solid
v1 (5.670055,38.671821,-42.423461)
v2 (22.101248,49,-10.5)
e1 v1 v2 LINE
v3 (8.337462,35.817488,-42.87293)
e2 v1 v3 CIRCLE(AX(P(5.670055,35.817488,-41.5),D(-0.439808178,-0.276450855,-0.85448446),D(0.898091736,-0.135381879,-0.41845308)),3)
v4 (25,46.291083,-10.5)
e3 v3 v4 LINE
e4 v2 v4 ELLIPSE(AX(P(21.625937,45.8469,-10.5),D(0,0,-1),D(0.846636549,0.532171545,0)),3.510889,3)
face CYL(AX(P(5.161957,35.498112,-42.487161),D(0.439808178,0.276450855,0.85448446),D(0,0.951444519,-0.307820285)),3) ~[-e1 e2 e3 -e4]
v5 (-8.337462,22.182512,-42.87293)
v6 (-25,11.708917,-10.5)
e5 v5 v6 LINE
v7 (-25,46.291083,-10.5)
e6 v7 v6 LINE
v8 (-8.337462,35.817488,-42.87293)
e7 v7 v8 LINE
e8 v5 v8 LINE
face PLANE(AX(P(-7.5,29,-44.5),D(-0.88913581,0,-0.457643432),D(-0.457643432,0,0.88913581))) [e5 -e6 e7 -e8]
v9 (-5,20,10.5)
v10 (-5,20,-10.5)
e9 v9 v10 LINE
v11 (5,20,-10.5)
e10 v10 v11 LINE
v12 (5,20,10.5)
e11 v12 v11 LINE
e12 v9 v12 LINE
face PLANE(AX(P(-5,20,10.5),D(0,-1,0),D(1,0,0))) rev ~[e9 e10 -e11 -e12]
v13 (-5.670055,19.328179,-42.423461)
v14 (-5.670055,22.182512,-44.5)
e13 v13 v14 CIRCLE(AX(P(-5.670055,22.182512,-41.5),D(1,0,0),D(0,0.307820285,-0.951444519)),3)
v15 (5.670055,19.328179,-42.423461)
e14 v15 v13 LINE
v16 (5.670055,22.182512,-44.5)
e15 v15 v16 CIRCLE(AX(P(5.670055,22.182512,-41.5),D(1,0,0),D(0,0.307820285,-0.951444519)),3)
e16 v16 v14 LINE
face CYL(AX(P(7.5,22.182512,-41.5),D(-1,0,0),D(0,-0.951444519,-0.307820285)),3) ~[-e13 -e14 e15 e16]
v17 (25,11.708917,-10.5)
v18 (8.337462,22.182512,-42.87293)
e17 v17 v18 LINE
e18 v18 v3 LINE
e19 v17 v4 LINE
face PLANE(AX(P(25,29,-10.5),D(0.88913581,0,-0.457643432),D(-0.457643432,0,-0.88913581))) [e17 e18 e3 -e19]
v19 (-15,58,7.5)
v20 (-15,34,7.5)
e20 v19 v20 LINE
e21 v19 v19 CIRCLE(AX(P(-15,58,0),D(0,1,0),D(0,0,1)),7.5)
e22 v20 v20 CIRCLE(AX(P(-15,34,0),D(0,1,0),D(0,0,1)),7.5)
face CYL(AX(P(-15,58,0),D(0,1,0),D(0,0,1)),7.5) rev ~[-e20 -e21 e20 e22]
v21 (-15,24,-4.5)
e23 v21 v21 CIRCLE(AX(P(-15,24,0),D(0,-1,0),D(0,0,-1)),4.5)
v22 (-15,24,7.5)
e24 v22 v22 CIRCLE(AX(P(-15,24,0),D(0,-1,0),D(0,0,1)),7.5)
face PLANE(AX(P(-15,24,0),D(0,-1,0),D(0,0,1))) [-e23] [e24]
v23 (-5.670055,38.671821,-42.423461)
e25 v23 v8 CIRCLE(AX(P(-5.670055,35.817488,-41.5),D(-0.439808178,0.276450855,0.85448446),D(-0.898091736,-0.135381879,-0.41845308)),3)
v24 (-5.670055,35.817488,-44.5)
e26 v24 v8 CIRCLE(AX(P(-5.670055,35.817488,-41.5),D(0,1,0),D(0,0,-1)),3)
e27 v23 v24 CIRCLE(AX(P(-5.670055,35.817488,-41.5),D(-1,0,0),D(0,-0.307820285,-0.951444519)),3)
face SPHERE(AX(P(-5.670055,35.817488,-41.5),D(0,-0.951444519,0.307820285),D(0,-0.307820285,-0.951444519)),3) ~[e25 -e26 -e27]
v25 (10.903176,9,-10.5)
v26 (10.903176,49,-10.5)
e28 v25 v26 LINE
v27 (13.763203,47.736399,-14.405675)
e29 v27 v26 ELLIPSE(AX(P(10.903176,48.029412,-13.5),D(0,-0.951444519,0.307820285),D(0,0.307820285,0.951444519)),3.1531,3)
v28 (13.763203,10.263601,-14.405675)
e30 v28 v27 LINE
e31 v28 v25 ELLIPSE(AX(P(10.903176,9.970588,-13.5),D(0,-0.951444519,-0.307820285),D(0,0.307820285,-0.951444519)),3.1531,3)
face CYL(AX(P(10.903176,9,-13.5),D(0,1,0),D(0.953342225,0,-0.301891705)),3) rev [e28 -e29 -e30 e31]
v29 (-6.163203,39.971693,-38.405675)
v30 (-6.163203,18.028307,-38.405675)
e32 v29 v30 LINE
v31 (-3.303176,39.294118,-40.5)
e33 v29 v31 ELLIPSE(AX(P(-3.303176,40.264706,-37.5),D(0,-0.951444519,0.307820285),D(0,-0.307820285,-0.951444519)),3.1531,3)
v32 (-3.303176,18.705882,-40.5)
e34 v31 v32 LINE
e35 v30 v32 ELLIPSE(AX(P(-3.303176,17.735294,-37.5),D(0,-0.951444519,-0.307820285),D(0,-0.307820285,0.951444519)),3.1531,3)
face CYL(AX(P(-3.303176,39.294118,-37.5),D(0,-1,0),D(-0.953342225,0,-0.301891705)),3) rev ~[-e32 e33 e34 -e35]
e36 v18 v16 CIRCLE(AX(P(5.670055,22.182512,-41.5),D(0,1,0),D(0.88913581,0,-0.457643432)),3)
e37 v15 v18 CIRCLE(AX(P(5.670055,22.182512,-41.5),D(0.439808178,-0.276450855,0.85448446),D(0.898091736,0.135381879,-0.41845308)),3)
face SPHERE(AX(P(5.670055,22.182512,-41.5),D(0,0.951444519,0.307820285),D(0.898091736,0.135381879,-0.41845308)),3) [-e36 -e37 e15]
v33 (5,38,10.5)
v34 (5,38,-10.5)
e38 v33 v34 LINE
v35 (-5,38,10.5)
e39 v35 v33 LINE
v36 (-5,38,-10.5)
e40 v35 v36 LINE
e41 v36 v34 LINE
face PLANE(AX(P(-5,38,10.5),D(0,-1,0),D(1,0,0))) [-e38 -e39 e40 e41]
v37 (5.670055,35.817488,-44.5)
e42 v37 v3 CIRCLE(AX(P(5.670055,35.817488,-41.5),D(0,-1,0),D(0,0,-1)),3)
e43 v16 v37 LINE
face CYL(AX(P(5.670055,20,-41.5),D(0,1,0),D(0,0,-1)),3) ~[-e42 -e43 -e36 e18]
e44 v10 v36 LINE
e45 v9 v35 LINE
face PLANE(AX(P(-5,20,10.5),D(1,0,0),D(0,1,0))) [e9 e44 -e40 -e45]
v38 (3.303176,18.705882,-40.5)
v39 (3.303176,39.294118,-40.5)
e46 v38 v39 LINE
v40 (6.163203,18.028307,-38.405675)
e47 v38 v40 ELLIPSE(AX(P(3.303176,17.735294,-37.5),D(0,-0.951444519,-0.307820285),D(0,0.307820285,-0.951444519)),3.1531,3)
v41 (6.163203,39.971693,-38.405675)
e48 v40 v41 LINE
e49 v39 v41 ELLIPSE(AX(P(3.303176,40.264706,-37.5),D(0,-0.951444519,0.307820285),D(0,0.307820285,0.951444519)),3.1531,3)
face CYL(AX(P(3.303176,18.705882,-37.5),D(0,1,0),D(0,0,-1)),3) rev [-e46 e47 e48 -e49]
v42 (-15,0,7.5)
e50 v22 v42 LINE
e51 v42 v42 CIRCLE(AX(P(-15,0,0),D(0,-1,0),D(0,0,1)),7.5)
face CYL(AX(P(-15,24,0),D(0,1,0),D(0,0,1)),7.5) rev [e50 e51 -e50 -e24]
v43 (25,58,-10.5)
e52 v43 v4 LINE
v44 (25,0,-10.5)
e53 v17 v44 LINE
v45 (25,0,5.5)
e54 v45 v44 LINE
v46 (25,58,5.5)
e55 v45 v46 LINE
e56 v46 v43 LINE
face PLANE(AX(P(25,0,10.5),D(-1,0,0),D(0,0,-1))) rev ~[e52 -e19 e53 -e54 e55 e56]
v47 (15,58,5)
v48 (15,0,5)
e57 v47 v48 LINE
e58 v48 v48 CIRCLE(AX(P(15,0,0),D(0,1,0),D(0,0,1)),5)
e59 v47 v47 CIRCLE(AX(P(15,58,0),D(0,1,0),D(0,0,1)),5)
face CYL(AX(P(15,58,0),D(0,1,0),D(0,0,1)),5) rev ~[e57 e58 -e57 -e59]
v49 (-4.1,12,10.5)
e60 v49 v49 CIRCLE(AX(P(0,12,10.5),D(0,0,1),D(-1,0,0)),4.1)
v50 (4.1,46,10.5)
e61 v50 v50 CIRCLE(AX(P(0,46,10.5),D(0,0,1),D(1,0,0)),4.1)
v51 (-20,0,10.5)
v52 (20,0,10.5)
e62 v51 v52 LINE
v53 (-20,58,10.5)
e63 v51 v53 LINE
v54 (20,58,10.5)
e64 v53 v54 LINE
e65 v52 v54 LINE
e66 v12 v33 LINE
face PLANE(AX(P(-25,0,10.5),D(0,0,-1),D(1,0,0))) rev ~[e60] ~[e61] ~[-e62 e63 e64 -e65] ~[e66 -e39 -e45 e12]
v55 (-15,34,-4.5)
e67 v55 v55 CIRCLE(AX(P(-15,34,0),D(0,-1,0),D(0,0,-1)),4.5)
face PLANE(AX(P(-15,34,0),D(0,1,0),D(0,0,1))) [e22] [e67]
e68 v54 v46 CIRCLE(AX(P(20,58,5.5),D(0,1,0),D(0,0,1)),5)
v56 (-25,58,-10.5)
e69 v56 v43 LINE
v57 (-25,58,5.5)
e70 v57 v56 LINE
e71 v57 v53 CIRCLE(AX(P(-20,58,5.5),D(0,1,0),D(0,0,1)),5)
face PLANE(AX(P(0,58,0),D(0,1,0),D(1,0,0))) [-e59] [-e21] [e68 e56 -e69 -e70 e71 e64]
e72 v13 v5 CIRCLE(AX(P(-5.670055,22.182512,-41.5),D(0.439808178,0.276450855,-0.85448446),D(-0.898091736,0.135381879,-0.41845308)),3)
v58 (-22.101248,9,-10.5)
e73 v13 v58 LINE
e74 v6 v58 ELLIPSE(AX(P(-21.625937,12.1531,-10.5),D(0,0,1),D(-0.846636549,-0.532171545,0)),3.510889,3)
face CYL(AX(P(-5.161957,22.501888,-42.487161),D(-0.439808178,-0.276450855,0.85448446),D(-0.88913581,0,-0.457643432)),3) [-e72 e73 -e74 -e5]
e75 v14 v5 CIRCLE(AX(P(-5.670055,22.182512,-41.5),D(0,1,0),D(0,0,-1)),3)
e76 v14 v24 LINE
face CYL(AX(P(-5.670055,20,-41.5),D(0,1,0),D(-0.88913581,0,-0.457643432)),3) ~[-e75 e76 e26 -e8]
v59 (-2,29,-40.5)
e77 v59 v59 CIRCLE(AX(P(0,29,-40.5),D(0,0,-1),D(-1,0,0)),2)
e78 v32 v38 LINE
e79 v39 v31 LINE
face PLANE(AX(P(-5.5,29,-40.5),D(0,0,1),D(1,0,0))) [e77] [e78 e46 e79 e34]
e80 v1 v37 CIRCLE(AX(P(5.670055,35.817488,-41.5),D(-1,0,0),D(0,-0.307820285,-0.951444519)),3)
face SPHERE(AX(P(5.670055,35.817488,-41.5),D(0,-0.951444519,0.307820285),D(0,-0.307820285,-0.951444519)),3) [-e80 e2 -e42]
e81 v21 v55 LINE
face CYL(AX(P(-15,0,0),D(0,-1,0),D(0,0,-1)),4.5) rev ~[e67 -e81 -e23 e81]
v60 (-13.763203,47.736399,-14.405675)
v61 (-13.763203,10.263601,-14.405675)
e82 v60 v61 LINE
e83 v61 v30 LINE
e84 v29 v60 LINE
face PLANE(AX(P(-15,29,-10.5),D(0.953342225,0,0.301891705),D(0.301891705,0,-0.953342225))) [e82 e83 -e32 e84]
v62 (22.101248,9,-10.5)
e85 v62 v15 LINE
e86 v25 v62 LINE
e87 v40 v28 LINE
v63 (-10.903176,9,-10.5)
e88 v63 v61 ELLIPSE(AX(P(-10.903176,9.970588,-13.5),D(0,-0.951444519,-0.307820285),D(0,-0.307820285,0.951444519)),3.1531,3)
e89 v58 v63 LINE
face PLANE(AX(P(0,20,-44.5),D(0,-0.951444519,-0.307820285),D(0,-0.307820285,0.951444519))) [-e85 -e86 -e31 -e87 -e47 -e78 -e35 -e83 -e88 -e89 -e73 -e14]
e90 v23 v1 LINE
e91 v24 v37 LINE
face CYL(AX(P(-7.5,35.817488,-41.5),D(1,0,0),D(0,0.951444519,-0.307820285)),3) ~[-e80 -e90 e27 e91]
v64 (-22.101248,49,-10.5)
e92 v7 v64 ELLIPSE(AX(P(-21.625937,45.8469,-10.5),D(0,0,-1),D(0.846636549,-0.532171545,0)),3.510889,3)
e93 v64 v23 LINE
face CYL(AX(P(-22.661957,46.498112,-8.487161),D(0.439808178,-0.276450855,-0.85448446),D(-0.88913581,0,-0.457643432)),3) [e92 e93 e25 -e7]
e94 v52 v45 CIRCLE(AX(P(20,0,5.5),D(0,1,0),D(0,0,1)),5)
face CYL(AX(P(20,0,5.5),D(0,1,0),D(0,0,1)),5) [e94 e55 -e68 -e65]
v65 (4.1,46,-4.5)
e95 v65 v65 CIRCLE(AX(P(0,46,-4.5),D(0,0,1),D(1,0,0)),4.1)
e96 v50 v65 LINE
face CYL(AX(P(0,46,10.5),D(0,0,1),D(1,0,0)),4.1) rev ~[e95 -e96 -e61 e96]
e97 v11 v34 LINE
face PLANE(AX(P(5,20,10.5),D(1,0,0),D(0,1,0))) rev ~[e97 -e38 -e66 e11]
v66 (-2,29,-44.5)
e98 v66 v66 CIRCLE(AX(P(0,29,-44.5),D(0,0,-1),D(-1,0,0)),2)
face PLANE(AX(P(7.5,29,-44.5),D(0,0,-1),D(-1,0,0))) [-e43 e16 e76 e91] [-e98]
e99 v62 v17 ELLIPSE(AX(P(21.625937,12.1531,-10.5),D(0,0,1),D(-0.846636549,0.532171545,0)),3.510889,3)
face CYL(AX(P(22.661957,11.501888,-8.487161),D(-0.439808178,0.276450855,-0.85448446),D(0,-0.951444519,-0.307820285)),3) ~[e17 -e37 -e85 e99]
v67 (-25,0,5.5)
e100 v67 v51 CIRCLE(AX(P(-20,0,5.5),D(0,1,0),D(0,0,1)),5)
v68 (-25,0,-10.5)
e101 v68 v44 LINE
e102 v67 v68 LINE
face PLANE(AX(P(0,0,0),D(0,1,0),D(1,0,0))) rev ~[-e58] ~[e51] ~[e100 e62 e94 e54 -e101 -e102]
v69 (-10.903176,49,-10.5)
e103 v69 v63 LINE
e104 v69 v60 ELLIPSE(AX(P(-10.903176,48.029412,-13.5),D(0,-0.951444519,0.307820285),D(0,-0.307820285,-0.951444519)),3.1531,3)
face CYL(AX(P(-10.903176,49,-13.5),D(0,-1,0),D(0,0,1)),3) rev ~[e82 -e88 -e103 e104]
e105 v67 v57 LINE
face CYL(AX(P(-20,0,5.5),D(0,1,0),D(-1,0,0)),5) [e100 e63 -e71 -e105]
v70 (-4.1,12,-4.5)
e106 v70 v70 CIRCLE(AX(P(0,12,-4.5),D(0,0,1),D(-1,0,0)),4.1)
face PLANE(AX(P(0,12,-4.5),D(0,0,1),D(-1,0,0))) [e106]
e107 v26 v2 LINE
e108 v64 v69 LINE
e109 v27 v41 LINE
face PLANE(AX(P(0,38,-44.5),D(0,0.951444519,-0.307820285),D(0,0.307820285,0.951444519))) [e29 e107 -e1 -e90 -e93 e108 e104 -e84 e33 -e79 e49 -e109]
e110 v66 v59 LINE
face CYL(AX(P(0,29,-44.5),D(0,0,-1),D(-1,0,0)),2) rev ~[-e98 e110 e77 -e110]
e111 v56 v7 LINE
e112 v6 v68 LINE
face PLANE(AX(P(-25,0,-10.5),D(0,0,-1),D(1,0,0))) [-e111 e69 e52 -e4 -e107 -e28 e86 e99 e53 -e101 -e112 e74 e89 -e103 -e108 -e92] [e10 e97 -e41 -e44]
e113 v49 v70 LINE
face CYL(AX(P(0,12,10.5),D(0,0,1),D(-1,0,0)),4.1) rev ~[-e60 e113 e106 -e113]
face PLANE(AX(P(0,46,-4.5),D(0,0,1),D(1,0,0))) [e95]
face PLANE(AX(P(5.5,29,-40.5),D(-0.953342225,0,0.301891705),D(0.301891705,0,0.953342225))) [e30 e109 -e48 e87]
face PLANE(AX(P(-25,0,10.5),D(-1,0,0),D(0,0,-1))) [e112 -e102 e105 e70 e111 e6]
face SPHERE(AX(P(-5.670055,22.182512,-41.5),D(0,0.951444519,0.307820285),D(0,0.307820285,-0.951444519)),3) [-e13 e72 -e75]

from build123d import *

# Parameters (mm, degrees)
SKETCH1_W           = 50
SKETCH1_H           = 21
BOSS_EXTRUDE1_DEPTH = 58
SKETCH3_R           = 7.5
CUT_EXTRUDE1_DEPTH  = 24
CUT_EXTRUDE2_REACH  = 66.025
SKETCH4_R           = 5
CUT_EXTRUDE3_START  = -24
SKETCH5_R           = 7.5
CUT_EXTRUDE3_DEPTH  = 24
CUT_EXTRUDE4_REACH  = 66.025
SKETCH6_R           = 4.5
CUT_EXTRUDE5_REACH  = 68.558
SKETCH8_W           = 10
SKETCH8_H           = 18
BOSS_EXTRUDE3_DEPTH = 20
CUT_EXTRUDE6_DEPTH  = 37.5
CUT_EXTRUDE7_REACH  = 85.75
SKETCH13_R          = 2
SKETCH7_R           = 4.1
CUT_EXTRUDE8_DEPTH  = 15
FILLET1_R           = 5
FILLET2_R           = 3
FILLET3_R           = 3
FILLET4_R           = 3


with BuildPart() as part:
    # Sketch1 → Boss-Extrude1 (new body)
    with BuildSketch(Plane(origin=(0, 0, 0), x_dir=(1, 0, 0), z_dir=(0, 1, 0))):
        Rectangle(SKETCH1_W, SKETCH1_H)
    extrude(amount=BOSS_EXTRUDE1_DEPTH)

    # Sketch3 → Cut-Extrude1 (cut)
    with BuildSketch(Plane(origin=(0, 58, 0), x_dir=(1, 0, 0), z_dir=(0, 1, 0))):
        with Locations(Location((-15, 0, 0), (0, 0, 270))):
            Circle(SKETCH3_R)
    extrude(amount=-CUT_EXTRUDE1_DEPTH, mode=Mode.SUBTRACT)

    # Sketch4 → Cut-Extrude2 (cut, up to next)
    with BuildSketch(Plane(origin=(0, 58, 0), x_dir=(1, 0, 0), z_dir=(0, 1, 0)), mode=Mode.PRIVATE) as cut_extrude2_sk1:
        with Locations(Location((15, 0, 0), (0, 0, 270))):
            Circle(SKETCH4_R)
    cut_extrude2_tool1 = extrude(cut_extrude2_sk1.sketch, amount=-CUT_EXTRUDE2_REACH, mode=Mode.PRIVATE) & part.part
    add(cut_extrude2_tool1.solids().sort_by_distance((15, 58, 0))[0], mode=Mode.SUBTRACT)

    # Sketch5 → Cut-Extrude3 (cut)
    with BuildSketch(Plane.XZ.offset(CUT_EXTRUDE3_START)):
        with Locations(Location((-15, 0, 0), (0, 0, 90))):
            Circle(SKETCH5_R)
    extrude(amount=CUT_EXTRUDE3_DEPTH, mode=Mode.SUBTRACT)

    # Sketch6 → Cut-Extrude4 (cut, up to next)
    with BuildSketch(Plane.XZ, mode=Mode.PRIVATE) as cut_extrude4_sk1:
        with Locations(Location((-15, 0, 0), (0, 0, 270))):
            Circle(SKETCH6_R)
    cut_extrude4_tool1 = extrude(cut_extrude4_sk1.sketch, amount=-CUT_EXTRUDE4_REACH, mode=Mode.PRIVATE) & part.part
    add(cut_extrude4_tool1.solids().sort_by_distance((-15, 0, 0))[0], mode=Mode.SUBTRACT)

    # Sketch8 → Cut-Extrude5 (cut, up to next)
    with BuildSketch(Plane.XY.offset(10.5), mode=Mode.PRIVATE) as cut_extrude5_sk1:
        with Locations((0, 29)):
            Rectangle(SKETCH8_W, SKETCH8_H)
    cut_extrude5_tool1 = extrude(cut_extrude5_sk1.sketch, amount=-CUT_EXTRUDE5_REACH, mode=Mode.PRIVATE) & part.part
    add(cut_extrude5_tool1.solids().sort_by_distance((0, 29, 10.5))[0], mode=Mode.SUBTRACT)

    # Sketch11 → Boss-Extrude3 (add, symmetric)
    with BuildSketch(Plane(origin=(0, 29, 0), x_dir=(0, 0, -1), z_dir=(0, 1, 0))):
        Polygon((40.5, 5.5), (40.5, -5.5), (10.5, -15), (10.5, -25), (44.5, -7.5), (44.5, 7.5), (10.5, 25), (10.5, 15), align=None)
    extrude(amount=BOSS_EXTRUDE3_DEPTH, both=True)

    # Sketch12 → Cut-Extrude6 (cut, symmetric)
    with BuildSketch(Plane.ZY):
        Polygon((-44.5, 38), (-10.5, 49), (-44.5, 49), align=None)
        Polygon((-44.5, 20), (-10.5, 9), (-44.5, 9), align=None)
    extrude(amount=CUT_EXTRUDE6_DEPTH, both=True, mode=Mode.SUBTRACT)

    # Sketch13 → Cut-Extrude7 (cut, up to next)
    with BuildSketch(Plane(origin=(0, 0, -44.5), x_dir=(-1, 0, 0), z_dir=(0, 0, -1)), mode=Mode.PRIVATE) as cut_extrude7_sk1:
        with Locations((0, 29)):
            Circle(SKETCH13_R)
    cut_extrude7_tool1 = extrude(cut_extrude7_sk1.sketch, amount=-CUT_EXTRUDE7_REACH, mode=Mode.PRIVATE) & part.part
    add(cut_extrude7_tool1.solids().sort_by_distance((0, 29, -44.5))[0], mode=Mode.SUBTRACT)

    # Sketch7 → Cut-Extrude8 (cut)
    with BuildSketch(Plane.XY.offset(10.5)):
        with Locations((0, 46)):
            Circle(SKETCH7_R)
        with Locations(Location((0, 12, 0), (0, 0, 180))):
            Circle(SKETCH7_R)
    extrude(amount=-CUT_EXTRUDE8_DEPTH, mode=Mode.SUBTRACT)

    # Fillet1
    fillet1_edges = [part.edges().sort_by_distance(p)[0] for p in [
        (25, 29, 10.5),
        (-25, 29, 10.5),
    ]]
    fillet(fillet1_edges, radius=FILLET1_R)

    # Fillet2
    fillet2_edges = [part.edges().sort_by_distance(p)[0] for p in [
        (-7.5, 29, -44.5),
        (7.5, 29, -44.5),
        (16.25, 14.5, -27.5),
        (0, 20, -44.5),
        (-16.25, 14.5, -27.5),
        (0, 38, -44.5),
        (-16.25, 43.5, -27.5),
        (16.25, 43.5, -27.5),
    ]]
    fillet(fillet2_edges, radius=FILLET2_R)

    # Fillet3
    fillet3_edges = [part.edges().sort_by_distance(p)[0] for p in [
        (5.5, 29, -40.5),
        (-5.5, 29, -40.5),
    ]]
    fillet(fillet3_edges, radius=FILLET3_R)

    # Fillet4
    fillet4_edges = [part.edges().sort_by_distance(p)[0] for p in [
        (-15, 29, -10.5),
        (15, 29, -10.5),
    ]]
    fillet(fillet4_edges, radius=FILLET4_R)


solid = part.part
